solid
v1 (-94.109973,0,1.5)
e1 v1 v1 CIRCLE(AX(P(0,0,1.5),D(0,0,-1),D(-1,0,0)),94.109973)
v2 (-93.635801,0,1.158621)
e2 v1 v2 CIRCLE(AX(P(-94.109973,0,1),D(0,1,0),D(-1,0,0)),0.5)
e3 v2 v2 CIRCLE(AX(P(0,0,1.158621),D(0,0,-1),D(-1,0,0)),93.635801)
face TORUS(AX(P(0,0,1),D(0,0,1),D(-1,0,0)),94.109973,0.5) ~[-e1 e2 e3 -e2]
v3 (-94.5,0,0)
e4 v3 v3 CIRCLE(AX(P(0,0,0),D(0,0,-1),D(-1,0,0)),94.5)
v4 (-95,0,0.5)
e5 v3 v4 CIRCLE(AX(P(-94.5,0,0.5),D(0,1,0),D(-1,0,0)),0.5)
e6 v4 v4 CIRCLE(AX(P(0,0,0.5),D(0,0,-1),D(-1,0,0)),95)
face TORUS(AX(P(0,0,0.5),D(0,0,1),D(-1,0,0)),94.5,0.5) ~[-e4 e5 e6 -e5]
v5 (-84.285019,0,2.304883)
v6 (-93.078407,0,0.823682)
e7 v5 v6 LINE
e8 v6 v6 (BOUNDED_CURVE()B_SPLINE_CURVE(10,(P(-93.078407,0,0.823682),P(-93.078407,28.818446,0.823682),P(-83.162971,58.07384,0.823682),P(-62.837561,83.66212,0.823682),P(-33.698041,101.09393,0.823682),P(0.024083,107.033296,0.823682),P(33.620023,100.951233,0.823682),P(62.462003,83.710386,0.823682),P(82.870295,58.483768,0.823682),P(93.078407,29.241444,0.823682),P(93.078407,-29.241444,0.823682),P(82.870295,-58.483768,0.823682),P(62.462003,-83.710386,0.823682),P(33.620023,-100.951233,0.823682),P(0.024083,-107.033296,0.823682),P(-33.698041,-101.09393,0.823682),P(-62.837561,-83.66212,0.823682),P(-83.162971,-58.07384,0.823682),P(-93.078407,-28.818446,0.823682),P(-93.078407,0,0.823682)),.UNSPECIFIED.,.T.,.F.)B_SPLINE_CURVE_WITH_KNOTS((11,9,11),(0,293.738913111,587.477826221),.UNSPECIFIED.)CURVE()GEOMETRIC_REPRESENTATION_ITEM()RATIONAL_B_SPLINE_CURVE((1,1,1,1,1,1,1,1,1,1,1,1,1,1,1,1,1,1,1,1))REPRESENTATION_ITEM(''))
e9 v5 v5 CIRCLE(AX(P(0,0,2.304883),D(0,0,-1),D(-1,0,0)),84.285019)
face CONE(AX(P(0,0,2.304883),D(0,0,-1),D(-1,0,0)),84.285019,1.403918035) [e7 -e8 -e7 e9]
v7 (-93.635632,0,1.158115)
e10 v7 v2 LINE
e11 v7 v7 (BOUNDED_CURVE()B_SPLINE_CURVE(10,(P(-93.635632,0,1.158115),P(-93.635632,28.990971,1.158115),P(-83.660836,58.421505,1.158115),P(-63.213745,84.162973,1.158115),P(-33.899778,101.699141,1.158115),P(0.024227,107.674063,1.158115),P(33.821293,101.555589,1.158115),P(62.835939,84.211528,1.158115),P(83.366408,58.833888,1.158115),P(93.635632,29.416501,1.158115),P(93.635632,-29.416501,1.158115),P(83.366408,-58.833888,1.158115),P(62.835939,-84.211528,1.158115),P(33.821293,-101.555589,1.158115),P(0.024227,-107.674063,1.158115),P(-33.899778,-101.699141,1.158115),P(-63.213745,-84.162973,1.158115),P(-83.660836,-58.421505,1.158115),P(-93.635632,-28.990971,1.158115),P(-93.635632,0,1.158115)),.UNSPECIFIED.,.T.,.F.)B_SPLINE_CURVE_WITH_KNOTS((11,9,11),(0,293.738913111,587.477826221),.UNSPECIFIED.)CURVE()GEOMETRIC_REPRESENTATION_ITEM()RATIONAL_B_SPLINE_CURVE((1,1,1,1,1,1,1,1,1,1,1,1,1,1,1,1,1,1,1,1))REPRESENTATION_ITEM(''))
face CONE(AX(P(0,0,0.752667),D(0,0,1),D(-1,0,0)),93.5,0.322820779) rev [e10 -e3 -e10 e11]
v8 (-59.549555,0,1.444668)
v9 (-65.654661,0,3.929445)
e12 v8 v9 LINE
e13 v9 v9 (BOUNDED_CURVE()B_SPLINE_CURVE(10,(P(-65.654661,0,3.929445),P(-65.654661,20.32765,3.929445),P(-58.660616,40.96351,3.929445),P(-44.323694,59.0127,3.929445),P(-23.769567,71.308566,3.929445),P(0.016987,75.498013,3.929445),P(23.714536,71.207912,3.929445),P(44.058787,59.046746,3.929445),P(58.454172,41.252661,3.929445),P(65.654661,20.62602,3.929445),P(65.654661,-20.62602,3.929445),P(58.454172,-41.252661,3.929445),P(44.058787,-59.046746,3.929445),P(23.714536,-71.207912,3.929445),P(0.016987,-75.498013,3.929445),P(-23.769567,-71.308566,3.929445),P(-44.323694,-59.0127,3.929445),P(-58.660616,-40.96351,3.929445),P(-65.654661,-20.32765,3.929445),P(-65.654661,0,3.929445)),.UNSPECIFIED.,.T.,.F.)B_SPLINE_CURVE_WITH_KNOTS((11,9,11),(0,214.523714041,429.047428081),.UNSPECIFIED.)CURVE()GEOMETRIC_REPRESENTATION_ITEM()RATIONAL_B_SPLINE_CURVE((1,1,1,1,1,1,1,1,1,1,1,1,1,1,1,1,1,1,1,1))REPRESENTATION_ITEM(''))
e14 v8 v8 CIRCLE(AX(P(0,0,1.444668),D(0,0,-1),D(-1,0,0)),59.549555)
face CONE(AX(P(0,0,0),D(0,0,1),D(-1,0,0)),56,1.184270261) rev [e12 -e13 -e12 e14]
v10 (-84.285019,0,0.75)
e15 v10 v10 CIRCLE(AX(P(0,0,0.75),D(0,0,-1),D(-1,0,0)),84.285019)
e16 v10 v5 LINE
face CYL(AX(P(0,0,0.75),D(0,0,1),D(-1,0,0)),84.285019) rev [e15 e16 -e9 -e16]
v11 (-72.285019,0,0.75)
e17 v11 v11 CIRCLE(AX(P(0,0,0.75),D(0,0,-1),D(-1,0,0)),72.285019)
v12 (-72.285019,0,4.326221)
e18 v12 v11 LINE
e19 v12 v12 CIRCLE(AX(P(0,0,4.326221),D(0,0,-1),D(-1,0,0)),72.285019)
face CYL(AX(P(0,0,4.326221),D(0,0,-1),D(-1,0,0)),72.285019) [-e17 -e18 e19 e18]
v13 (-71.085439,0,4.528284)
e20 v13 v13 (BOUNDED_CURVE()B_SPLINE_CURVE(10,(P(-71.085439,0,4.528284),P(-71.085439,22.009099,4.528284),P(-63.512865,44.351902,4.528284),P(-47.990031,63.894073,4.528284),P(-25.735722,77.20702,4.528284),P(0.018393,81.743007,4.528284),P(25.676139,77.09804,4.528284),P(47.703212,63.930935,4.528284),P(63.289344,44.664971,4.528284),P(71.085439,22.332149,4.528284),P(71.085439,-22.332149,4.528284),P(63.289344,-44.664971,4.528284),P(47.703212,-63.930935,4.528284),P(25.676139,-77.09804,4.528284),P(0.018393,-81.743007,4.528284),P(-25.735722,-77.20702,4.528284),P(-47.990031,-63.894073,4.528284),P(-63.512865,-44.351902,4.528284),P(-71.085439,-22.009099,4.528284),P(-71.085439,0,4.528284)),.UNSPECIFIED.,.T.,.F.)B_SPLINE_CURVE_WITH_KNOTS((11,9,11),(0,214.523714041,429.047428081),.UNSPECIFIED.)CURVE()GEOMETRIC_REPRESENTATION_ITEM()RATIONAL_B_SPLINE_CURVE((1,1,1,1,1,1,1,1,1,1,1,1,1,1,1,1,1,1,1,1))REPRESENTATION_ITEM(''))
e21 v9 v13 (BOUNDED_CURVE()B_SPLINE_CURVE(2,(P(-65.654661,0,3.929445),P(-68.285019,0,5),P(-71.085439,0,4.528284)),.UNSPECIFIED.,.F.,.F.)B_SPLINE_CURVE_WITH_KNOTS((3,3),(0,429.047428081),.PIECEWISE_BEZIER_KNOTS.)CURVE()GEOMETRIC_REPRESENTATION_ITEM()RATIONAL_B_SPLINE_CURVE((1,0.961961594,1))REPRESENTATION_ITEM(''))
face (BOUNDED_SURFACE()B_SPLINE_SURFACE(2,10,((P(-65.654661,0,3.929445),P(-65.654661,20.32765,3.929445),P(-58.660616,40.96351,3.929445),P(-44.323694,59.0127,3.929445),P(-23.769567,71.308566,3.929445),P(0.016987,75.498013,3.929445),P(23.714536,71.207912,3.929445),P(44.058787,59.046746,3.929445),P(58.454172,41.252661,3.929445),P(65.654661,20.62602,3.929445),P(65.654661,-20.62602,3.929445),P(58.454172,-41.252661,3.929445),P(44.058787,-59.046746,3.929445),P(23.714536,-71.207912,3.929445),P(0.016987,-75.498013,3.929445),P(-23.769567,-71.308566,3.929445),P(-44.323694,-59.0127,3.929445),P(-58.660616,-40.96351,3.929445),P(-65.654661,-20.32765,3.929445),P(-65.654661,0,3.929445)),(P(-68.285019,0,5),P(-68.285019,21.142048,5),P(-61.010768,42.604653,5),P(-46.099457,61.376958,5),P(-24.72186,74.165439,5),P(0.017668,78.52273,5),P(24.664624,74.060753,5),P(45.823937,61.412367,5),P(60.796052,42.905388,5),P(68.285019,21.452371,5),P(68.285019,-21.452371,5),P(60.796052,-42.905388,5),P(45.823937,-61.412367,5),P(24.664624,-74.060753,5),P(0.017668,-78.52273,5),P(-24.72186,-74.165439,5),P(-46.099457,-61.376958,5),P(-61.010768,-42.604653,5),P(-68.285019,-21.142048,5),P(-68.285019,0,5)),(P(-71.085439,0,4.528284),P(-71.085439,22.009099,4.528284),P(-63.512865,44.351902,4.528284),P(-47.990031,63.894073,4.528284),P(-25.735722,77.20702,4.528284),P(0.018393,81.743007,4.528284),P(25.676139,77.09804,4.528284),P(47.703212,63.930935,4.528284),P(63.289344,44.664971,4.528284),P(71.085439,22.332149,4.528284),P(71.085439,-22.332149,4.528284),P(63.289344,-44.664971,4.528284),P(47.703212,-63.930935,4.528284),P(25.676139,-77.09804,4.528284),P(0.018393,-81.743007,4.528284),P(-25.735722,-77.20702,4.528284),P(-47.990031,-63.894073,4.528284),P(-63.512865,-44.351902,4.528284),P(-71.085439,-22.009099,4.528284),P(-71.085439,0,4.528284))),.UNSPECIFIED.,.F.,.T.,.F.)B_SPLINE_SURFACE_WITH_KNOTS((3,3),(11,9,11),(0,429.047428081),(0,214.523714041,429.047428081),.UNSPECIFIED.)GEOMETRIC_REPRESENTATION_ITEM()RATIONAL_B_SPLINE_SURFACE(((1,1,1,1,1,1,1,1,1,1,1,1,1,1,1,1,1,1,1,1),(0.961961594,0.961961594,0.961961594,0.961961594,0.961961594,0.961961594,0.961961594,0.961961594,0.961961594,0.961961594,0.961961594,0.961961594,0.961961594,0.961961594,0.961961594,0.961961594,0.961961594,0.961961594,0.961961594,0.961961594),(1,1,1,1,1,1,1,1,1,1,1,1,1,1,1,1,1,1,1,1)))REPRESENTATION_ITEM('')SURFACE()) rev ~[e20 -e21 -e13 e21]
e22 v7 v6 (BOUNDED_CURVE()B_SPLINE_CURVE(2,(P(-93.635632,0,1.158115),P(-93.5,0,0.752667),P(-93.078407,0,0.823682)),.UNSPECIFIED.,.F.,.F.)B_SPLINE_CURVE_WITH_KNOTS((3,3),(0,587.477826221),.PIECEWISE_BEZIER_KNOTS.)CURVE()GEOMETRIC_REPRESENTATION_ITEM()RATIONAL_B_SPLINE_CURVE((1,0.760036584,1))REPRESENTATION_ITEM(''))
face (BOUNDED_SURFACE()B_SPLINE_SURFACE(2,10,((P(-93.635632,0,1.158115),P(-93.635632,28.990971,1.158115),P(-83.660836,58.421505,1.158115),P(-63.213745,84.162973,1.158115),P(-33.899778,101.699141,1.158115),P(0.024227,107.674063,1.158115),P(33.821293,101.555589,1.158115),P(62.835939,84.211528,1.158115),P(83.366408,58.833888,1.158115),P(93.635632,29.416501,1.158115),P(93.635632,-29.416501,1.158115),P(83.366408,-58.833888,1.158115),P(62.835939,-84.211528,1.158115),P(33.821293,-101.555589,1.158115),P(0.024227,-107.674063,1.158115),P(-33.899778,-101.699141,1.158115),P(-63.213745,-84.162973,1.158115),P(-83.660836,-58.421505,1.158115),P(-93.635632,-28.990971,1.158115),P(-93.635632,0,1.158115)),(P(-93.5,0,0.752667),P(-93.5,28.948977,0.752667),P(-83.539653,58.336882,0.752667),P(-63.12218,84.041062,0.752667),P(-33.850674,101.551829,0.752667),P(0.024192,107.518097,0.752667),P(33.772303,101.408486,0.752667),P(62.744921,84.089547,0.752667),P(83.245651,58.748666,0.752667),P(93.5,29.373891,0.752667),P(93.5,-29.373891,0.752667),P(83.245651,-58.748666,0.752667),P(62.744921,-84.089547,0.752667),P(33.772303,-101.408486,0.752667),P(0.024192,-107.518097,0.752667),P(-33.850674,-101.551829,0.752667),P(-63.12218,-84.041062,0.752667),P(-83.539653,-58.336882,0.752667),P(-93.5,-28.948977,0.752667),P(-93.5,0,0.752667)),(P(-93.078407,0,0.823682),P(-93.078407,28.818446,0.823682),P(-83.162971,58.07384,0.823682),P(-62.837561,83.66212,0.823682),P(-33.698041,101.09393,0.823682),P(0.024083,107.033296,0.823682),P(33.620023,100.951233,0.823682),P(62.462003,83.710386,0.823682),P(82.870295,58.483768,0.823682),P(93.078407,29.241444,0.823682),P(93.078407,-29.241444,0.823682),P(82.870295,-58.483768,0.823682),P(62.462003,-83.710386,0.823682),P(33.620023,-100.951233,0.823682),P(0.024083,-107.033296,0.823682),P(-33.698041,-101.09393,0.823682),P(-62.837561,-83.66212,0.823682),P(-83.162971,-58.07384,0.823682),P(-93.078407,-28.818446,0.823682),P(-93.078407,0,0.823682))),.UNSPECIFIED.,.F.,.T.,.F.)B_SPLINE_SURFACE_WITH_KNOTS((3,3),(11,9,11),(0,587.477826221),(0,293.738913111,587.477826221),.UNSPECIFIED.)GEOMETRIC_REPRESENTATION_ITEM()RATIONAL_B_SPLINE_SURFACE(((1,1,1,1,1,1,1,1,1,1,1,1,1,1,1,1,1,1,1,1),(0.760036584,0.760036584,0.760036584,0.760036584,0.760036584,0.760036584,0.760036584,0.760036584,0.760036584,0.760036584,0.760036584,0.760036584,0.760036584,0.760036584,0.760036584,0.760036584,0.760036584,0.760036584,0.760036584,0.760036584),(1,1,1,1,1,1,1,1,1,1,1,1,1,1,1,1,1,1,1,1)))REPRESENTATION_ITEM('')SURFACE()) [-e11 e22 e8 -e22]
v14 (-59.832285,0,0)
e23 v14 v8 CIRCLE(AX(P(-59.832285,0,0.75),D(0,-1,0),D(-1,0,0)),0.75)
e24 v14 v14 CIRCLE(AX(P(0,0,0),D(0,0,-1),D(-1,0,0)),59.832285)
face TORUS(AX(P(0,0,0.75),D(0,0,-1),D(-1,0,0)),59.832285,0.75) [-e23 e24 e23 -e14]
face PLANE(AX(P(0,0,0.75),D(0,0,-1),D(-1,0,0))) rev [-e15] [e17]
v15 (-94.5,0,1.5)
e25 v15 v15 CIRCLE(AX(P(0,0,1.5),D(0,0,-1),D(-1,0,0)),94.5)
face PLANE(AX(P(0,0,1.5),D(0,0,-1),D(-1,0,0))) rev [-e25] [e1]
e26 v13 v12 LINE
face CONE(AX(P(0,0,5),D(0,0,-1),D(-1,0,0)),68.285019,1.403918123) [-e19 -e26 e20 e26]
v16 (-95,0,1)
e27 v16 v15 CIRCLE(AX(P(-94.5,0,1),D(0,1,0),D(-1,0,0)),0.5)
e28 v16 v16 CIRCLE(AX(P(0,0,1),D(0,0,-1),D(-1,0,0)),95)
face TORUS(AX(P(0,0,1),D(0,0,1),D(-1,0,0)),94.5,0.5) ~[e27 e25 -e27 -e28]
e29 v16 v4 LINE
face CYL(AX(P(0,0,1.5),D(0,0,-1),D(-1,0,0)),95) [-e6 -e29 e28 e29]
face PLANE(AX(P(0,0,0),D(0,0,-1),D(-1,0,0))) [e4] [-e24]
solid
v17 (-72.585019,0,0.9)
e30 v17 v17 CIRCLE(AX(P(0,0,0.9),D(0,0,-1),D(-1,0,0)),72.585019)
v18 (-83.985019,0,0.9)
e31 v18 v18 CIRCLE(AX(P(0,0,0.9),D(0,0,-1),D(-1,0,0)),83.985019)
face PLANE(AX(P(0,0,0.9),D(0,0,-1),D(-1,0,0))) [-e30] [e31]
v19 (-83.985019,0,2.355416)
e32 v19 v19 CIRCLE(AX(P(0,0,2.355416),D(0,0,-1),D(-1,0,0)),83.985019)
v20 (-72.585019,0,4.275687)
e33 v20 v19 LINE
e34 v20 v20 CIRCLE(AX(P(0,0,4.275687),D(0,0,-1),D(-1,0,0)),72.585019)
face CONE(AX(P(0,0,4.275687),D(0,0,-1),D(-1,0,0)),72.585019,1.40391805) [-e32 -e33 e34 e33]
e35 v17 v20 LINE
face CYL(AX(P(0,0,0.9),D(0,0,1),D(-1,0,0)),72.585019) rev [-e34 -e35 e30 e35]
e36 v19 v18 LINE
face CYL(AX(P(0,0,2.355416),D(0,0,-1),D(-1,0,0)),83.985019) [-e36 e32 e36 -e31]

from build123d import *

# Parameters (mm, degrees)
F3_R = 10
F4_R = 0.5
F5_R = 0.5
F6_R = 0.75


with BuildPart() as f2:
    # F1 (on Front) → F2 (revolve)
    with BuildSketch(Plane.XZ):
        Polygon((-95, 0), (-56, 0), (-68.285019, 5), (-72.285019, 4.326221), (-72.285019, 0.75), (-84.285019, 0.75), (-84.285019, 2.304883), (-93.5, 0.752667), (-93.75, 1.5), (-95, 1.5), (-95, 0.5), align=None)
    revolve(axis=Axis((0, 0, 13.797939), (0, 0, -1)))

    # F3
    f3_edges = [f2.edges().sort_by_distance(p)[0] for p in [
        (68.285019, 0, 5),
    ]]
    fillet(f3_edges, radius=F3_R)

    # F4
    f4_edges = [f2.edges().sort_by_distance(p)[0] for p in [
        (93.75, 0, 1.5),
        (95, 0, 1.5),
        (95, 0, 0),
    ]]
    fillet(f4_edges, radius=F4_R)

    # F5
    f5_edges = [f2.edges().sort_by_distance(p)[0] for p in [
        (93.5, 0, 0.752667),
    ]]
    fillet(f5_edges, radius=F5_R)

    # F6
    f6_edges = [f2.edges().sort_by_distance(p)[0] for p in [
        (56, 0, 0),
    ]]
    fillet(f6_edges, radius=F6_R)


with BuildPart() as f7:
    # F1 (on Front) → F7 (revolve)
    with BuildSketch(Plane.XZ):
        Polygon((-83.985019, 0.9), (-72.585019, 0.9), (-72.585019, 4.275687), (-83.985019, 2.355416), align=None)
    revolve(axis=Axis((0, 0, 13.797939), (0, 0, -1)))


solid = Compound([f2.part, f7.part])
